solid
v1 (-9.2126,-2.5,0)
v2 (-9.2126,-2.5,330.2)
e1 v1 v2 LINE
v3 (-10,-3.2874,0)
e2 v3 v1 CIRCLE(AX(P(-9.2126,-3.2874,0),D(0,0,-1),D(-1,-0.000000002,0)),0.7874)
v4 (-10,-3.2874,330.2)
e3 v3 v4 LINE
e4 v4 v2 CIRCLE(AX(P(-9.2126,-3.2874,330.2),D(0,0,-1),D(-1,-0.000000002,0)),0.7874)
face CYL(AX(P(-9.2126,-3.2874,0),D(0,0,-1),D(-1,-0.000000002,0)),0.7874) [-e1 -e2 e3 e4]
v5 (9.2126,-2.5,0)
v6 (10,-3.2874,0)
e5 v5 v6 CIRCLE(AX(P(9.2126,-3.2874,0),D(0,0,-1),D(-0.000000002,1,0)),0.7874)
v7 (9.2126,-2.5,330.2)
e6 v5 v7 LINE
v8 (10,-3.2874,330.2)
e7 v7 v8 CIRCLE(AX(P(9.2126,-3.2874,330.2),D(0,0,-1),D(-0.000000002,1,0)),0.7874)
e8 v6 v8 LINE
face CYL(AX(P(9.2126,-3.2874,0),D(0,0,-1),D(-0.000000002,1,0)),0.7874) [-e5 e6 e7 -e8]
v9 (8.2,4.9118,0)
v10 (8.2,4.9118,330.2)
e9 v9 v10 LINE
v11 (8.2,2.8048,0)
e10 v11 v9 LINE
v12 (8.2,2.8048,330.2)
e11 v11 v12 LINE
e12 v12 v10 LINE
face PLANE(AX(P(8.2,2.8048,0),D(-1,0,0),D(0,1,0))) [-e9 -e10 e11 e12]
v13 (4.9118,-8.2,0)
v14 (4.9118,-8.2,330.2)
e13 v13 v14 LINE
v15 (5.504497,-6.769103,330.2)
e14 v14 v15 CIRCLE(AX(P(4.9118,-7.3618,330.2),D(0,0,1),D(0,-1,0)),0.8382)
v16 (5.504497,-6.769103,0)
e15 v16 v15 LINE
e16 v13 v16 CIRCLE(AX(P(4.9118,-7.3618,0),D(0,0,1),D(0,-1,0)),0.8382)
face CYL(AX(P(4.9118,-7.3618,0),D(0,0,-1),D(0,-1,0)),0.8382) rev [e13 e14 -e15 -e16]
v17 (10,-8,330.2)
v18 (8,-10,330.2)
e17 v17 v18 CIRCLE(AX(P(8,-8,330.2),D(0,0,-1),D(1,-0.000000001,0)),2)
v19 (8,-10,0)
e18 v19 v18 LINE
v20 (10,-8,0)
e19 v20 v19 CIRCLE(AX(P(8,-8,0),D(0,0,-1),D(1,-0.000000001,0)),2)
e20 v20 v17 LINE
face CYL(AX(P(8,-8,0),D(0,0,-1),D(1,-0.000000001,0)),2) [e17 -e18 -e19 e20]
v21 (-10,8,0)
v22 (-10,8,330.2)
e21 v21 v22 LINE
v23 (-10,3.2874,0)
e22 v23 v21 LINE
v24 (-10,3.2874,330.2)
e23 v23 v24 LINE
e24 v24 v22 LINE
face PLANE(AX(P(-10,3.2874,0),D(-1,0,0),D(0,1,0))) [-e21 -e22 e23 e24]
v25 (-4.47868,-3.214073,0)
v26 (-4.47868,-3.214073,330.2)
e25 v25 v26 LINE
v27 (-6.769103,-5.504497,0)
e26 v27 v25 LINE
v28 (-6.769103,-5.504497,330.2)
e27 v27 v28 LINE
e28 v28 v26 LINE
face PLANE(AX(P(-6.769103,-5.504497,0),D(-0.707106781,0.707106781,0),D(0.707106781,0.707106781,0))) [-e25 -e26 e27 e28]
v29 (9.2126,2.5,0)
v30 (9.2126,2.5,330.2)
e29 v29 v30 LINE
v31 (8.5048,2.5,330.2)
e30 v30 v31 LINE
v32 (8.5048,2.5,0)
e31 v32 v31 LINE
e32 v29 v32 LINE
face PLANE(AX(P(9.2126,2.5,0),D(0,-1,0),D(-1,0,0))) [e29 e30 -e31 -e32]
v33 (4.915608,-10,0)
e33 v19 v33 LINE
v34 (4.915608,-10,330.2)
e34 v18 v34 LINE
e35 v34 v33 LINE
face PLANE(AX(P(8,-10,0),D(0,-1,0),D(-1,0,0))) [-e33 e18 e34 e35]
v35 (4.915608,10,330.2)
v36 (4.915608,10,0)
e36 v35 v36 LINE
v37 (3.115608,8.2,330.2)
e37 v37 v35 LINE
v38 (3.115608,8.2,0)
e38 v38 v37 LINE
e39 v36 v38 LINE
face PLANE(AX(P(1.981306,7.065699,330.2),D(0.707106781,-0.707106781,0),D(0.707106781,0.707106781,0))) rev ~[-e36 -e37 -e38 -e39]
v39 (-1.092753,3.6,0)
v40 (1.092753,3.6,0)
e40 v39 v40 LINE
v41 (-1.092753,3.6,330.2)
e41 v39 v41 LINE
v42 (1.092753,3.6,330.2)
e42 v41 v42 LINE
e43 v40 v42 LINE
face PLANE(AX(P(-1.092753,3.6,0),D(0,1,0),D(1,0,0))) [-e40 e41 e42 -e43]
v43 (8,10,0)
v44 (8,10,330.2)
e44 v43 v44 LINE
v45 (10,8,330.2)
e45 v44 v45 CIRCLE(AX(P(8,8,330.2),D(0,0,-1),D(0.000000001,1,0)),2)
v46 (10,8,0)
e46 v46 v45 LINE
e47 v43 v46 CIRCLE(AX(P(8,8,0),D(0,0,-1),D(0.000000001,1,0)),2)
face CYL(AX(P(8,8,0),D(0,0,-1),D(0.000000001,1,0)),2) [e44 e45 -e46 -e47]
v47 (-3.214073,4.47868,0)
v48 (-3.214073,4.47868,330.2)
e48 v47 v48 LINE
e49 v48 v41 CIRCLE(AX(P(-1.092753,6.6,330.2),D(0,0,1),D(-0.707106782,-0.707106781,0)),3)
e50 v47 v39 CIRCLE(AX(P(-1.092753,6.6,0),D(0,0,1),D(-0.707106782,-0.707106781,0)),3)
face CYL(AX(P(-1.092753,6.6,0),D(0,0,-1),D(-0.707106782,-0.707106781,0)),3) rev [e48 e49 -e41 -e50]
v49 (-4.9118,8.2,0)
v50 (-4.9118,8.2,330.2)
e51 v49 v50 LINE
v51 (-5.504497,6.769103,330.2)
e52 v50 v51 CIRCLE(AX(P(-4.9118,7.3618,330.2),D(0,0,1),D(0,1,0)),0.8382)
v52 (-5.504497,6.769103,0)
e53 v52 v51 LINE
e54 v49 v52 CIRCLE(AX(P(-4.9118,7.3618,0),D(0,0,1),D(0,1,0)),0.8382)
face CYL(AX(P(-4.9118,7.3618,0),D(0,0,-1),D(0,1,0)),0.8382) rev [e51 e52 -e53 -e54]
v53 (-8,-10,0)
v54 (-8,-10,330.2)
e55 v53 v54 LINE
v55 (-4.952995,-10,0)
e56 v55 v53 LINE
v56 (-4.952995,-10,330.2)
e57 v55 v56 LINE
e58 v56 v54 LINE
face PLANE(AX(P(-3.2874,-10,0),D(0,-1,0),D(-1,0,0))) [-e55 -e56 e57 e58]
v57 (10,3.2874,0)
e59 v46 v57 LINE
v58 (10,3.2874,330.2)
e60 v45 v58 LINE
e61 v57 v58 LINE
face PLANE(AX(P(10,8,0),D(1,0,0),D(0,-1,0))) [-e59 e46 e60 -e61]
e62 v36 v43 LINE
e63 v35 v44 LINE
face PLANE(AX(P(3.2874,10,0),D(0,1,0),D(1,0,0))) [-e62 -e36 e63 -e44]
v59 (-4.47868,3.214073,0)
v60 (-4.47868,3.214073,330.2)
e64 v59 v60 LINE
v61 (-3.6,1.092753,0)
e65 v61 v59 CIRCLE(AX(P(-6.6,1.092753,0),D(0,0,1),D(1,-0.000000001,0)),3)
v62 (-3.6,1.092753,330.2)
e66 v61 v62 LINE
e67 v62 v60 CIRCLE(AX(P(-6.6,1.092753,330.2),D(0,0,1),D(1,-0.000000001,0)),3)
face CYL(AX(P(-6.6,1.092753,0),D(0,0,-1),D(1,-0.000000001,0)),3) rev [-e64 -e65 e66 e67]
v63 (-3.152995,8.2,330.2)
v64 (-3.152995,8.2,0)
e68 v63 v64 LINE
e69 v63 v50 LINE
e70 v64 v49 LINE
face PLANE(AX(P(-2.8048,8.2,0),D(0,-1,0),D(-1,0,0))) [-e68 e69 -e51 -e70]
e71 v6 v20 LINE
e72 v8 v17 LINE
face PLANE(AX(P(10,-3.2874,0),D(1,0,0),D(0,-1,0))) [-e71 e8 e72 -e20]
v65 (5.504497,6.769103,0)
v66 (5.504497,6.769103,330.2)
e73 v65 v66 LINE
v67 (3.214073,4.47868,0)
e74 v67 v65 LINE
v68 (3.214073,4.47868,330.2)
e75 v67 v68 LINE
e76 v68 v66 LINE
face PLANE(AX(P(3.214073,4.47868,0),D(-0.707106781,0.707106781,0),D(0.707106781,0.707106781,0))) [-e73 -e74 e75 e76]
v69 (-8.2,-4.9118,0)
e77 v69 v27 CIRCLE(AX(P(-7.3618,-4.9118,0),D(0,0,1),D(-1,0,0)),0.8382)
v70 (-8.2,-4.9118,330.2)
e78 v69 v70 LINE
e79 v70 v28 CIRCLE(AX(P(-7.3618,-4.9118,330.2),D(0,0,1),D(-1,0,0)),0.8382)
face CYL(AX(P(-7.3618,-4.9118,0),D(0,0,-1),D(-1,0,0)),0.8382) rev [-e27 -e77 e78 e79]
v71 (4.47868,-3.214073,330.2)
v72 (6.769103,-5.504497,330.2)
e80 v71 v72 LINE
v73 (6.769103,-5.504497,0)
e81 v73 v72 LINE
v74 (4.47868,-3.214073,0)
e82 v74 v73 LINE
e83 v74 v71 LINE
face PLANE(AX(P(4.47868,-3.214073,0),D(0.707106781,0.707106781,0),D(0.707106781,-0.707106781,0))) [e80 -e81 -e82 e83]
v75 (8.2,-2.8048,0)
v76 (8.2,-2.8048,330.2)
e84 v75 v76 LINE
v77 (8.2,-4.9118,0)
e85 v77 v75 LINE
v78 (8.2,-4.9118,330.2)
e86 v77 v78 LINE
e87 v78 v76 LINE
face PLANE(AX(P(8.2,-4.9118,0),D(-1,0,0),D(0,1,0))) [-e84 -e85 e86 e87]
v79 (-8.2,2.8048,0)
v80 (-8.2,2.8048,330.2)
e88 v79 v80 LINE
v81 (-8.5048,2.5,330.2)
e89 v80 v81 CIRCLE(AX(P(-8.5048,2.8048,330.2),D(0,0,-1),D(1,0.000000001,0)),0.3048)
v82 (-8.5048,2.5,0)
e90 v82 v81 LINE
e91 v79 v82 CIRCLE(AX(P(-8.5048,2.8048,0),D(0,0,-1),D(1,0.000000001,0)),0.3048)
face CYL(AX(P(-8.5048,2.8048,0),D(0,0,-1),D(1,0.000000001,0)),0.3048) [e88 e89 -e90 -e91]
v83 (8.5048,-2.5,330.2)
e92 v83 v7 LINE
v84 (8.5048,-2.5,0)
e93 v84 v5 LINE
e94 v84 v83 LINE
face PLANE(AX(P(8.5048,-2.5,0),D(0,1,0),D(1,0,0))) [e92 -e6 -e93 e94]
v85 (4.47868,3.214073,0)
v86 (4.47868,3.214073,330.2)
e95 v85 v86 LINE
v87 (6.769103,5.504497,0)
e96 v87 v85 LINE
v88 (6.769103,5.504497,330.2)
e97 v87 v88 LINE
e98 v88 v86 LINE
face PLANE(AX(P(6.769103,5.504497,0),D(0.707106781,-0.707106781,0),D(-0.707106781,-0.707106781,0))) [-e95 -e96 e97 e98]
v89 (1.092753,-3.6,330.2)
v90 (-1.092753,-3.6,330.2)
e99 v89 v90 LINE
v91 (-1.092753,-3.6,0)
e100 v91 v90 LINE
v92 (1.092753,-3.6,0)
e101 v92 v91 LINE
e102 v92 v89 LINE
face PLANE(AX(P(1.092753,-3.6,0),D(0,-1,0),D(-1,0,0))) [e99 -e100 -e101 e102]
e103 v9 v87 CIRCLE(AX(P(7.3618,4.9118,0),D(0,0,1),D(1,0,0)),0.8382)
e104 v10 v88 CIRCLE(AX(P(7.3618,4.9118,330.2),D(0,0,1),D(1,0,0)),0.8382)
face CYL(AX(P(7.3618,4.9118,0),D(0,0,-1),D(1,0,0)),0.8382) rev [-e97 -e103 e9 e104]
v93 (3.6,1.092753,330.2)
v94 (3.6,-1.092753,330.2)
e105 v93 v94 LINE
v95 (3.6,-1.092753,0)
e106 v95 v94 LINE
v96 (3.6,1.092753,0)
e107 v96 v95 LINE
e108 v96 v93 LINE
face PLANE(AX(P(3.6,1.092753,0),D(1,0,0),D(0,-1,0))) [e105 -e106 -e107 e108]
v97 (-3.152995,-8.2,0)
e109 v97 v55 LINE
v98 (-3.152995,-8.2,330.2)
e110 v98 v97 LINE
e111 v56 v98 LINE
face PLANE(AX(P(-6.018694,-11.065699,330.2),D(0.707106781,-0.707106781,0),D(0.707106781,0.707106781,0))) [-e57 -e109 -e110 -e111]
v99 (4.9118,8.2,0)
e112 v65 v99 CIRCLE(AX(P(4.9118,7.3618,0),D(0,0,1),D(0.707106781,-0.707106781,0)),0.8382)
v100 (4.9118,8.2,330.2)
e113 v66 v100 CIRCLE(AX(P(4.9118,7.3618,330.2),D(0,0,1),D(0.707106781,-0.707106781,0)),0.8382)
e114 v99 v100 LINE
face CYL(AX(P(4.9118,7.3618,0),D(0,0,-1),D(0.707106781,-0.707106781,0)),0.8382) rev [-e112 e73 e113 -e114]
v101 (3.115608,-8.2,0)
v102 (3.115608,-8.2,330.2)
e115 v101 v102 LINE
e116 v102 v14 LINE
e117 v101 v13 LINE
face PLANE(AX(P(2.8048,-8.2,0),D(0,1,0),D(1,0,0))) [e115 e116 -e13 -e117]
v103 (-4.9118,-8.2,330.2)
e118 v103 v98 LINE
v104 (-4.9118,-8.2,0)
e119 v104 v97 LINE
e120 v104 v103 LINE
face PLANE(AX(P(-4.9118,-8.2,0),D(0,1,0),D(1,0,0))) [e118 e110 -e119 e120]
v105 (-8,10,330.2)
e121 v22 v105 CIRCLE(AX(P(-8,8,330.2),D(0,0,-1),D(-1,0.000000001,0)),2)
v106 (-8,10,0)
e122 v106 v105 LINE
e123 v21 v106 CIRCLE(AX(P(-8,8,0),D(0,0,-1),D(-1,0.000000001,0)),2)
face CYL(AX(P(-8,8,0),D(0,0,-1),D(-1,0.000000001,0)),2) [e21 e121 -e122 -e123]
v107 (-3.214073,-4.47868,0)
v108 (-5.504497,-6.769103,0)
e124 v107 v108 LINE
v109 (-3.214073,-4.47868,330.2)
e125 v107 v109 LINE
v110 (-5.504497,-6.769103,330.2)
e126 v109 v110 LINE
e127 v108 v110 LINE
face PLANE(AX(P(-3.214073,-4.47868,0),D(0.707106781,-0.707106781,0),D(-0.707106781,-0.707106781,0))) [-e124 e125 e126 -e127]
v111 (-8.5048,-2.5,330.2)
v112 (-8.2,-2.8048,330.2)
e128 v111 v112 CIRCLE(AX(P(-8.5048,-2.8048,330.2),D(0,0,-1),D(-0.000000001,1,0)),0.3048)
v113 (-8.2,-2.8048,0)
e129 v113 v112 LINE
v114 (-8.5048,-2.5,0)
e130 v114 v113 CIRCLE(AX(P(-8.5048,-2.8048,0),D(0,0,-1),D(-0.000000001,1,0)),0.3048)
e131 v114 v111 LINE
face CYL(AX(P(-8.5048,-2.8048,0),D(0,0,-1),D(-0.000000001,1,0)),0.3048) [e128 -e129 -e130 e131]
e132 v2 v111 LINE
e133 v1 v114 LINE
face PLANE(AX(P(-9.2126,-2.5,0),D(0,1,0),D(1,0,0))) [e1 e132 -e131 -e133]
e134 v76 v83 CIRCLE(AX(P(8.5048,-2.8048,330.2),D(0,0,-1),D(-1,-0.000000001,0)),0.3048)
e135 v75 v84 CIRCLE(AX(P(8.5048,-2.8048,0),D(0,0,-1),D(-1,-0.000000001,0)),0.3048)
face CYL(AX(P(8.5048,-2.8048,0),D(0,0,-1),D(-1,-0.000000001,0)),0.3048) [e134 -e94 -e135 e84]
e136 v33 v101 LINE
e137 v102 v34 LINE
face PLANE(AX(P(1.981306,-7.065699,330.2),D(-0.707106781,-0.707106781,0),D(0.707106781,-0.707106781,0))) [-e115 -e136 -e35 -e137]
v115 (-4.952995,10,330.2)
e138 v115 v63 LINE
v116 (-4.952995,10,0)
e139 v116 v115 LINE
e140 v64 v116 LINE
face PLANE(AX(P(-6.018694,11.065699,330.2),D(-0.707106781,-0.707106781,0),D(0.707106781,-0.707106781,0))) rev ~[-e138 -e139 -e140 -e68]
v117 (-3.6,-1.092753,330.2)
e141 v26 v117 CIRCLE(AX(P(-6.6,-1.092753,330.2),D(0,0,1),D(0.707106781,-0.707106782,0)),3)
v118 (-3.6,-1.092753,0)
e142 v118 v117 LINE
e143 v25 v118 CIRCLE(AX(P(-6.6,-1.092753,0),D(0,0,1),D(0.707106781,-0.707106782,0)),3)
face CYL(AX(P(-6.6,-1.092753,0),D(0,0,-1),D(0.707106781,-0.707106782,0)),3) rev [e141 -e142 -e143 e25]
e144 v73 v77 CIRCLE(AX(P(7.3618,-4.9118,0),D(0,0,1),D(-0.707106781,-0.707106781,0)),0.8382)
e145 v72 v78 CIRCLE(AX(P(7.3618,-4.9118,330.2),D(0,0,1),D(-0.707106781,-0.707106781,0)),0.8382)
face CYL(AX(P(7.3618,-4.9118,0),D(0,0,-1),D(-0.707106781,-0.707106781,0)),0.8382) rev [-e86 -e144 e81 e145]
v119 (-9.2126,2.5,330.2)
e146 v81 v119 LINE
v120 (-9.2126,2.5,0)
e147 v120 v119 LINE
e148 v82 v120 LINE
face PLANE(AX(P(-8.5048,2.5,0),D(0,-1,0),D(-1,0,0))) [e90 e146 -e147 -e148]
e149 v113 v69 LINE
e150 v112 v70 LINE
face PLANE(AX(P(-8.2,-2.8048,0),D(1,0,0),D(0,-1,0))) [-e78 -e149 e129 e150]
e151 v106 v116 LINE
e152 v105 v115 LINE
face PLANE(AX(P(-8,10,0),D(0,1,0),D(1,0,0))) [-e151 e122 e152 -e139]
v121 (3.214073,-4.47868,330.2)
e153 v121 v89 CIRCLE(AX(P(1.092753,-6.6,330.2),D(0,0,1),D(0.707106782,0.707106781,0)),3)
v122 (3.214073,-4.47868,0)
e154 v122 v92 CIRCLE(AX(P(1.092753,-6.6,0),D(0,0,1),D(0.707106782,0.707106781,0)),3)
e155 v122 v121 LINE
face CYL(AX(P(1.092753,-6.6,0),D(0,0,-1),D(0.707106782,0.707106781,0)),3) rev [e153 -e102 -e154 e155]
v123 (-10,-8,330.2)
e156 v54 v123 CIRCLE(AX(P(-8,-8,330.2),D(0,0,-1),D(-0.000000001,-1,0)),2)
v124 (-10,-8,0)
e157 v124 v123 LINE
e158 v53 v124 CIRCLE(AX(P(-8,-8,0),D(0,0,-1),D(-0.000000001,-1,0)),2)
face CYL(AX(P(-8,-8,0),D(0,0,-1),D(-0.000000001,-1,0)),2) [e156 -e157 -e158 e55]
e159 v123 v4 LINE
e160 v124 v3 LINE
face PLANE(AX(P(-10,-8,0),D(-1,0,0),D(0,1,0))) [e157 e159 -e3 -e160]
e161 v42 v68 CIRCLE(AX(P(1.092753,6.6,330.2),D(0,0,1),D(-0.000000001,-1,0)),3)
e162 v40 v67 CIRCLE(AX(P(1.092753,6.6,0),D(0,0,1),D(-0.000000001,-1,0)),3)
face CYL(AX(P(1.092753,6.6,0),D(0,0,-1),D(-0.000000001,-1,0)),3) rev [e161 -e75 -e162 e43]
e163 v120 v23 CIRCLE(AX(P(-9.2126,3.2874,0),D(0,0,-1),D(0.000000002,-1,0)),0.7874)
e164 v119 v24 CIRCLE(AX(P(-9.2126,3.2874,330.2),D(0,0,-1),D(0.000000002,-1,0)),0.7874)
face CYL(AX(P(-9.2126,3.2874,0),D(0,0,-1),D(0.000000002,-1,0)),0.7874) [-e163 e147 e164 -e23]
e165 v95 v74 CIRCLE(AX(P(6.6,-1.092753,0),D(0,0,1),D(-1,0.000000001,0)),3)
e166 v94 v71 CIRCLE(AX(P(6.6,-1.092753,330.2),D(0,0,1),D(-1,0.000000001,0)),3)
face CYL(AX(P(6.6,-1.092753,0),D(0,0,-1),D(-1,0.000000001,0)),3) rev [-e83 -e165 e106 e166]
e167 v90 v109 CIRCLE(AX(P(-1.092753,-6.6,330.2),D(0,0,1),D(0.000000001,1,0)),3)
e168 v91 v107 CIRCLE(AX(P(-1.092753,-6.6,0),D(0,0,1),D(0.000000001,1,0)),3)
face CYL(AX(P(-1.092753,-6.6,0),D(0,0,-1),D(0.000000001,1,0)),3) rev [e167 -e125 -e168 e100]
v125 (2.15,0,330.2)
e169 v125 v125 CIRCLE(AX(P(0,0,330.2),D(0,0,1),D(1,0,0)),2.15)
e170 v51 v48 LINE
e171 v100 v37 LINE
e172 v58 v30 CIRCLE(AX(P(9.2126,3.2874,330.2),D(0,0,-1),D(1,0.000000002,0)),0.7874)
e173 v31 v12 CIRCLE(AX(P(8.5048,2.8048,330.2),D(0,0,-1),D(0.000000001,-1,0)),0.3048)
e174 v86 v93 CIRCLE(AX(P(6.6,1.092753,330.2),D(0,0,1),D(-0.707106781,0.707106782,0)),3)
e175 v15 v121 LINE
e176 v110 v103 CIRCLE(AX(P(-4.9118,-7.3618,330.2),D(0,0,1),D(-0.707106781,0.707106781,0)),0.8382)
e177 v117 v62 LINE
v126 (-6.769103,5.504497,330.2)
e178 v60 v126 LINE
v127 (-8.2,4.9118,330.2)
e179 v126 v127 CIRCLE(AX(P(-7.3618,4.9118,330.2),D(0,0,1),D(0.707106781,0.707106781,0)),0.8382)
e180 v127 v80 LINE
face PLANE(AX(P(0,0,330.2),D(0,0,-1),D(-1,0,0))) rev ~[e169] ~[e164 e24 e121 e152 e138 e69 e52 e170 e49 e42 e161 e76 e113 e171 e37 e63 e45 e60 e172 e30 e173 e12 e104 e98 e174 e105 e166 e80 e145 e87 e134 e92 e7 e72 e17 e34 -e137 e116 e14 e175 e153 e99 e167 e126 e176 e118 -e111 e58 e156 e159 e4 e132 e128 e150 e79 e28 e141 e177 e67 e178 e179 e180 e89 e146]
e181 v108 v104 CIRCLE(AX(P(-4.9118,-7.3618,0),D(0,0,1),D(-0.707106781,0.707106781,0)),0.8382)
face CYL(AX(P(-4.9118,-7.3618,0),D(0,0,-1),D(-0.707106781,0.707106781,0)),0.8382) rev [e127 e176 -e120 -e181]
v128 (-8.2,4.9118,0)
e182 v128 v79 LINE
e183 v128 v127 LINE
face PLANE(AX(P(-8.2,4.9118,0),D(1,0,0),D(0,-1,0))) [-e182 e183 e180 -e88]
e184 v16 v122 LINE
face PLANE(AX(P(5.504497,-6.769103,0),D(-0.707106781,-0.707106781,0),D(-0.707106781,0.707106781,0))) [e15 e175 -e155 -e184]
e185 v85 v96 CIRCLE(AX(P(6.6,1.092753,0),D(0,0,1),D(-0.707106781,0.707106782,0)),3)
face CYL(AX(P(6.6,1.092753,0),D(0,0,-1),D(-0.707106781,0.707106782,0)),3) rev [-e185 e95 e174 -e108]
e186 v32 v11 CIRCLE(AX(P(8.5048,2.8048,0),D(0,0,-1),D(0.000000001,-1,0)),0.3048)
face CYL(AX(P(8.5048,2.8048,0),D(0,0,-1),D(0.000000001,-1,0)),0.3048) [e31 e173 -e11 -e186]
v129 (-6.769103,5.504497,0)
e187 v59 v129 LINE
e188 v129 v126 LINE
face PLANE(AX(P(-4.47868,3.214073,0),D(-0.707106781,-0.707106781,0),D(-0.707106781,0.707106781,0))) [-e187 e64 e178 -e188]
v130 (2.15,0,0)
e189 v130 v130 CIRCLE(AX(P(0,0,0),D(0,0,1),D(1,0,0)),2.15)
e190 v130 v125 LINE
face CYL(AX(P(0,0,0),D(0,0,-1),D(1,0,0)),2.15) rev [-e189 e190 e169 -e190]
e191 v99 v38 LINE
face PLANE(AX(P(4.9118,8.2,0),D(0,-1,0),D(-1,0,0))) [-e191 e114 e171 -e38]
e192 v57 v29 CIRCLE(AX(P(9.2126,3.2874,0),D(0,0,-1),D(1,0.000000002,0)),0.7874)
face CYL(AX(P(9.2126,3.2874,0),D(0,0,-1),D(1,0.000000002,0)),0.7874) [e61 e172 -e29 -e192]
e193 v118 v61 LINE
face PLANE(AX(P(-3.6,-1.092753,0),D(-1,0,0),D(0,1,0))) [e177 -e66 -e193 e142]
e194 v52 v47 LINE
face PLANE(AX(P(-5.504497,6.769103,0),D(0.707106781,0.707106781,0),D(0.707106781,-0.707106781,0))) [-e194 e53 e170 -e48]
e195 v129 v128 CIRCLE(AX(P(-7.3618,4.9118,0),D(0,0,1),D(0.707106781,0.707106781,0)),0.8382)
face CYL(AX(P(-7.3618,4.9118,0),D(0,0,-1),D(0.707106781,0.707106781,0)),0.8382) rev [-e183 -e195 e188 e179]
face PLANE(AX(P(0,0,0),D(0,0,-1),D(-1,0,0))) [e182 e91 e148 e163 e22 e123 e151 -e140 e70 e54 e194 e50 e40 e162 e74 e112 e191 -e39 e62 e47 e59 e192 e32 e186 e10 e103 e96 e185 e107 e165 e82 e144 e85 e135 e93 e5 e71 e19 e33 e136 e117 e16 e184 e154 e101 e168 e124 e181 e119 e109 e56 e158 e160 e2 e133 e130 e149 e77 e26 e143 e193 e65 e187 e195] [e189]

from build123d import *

# Parameters (mm, degrees)
SKETCH3_R           = 2.15
BOSS_EXTRUDE1_DEPTH = 330.2
CUT_EXTRUDE1_DEPTH  = 331.2


with BuildPart() as part:
    # Sketch3 → Boss-Extrude1 (new body)
    with BuildSketch(Plane.XY):
        with BuildLine():
            Line((3.2874, 10), (8, 10))
            ThreePointArc((8, 10), (9.414213562, 9.414213562), (10, 8))
            Line((10, 8), (10, 3.2874))
            ThreePointArc((10, 3.2874), (9.76937588, 2.73062412), (9.2126, 2.5))
            Line((9.2126, 2.5), (8.5048, 2.5))
            ThreePointArc((8.5048, 2.5), (8.289273853, 2.589273853), (8.2, 2.8048))
            Line((8.2, 2.8048), (8.2, 4.9118))
            ThreePointArc((8.2, 4.9118), (7.682565253, 5.686195824), (6.769103096, 5.504496904))
            Line((6.769103096, 5.504496904), (4.478679656, 3.214073464))
            ThreePointArc((4.478679656, 3.214073464), (3.828361402, 2.240803418), (3.6, 1.092753121))
            Line((3.6, 1.092753121), (3.6, -1.092753121))
            ThreePointArc((3.6, -1.092753121), (3.828361402, -2.240803418), (4.478679656, -3.214073464))
            Line((4.478679656, -3.214073464), (6.769103096, -5.504496904))
            ThreePointArc((6.769103096, -5.504496904), (7.682565253, -5.686195824), (8.2, -4.9118))
            Line((8.2, -4.9118), (8.2, -2.8048))
            ThreePointArc((8.2, -2.8048), (8.289273853, -2.589273853), (8.5048, -2.5))
            Line((8.5048, -2.5), (9.2126, -2.5))
            ThreePointArc((9.2126, -2.5), (9.76937588, -2.73062412), (10, -3.2874))
            Line((10, -3.2874), (10, -8))
            ThreePointArc((10, -8), (9.414213562, -9.414213562), (8, -10))
            Line((8, -10), (3.2874, -10))
            ThreePointArc((3.2874, -10), (2.73062412, -9.76937588), (2.5, -9.2126))
            Line((2.5, -9.2126), (2.5, -8.5048))
            ThreePointArc((2.5, -8.5048), (2.589273853, -8.289273853), (2.8048, -8.2))
            Line((2.8048, -8.2), (4.9118, -8.2))
            ThreePointArc((4.9118, -8.2), (5.686195824, -7.682565253), (5.504496904, -6.769103096))
            Line((5.504496904, -6.769103096), (3.214073464, -4.478679656))
            ThreePointArc((3.214073464, -4.478679656), (2.240803418, -3.828361402), (1.092753121, -3.6))
            Line((1.092753121, -3.6), (-1.092753121, -3.6))
            ThreePointArc((-1.092753121, -3.6), (-2.240803418, -3.828361402), (-3.214073464, -4.478679656))
            Line((-3.214073464, -4.478679656), (-5.504496904, -6.769103096))
            ThreePointArc((-5.504496904, -6.769103096), (-5.686195824, -7.682565253), (-4.9118, -8.2))
            Line((-4.9118, -8.2), (-2.8048, -8.2))
            ThreePointArc((-2.8048, -8.2), (-2.589273853, -8.289273853), (-2.5, -8.5048))
            Line((-2.5, -8.5048), (-2.5, -9.2126))
            ThreePointArc((-2.5, -9.2126), (-2.73062412, -9.76937588), (-3.2874, -10))
            Line((-3.2874, -10), (-8, -10))
            ThreePointArc((-8, -10), (-9.414213562, -9.414213562), (-10, -8))
            Line((-10, -8), (-10, -3.2874))
            ThreePointArc((-10, -3.2874), (-9.76937588, -2.73062412), (-9.2126, -2.5))
            Line((-9.2126, -2.5), (-8.5048, -2.5))
            ThreePointArc((-8.5048, -2.5), (-8.289273853, -2.589273853), (-8.2, -2.8048))
            Line((-8.2, -2.8048), (-8.2, -4.9118))
            ThreePointArc((-8.2, -4.9118), (-7.682565253, -5.686195824), (-6.769103096, -5.504496904))
            Line((-6.769103096, -5.504496904), (-4.478679656, -3.214073464))
            ThreePointArc((-4.478679656, -3.214073464), (-3.828361402, -2.240803418), (-3.6, -1.092753121))
            Line((-3.6, -1.092753121), (-3.6, 1.092753121))
            ThreePointArc((-3.6, 1.092753121), (-3.828361402, 2.240803418), (-4.478679656, 3.214073464))
            Line((-4.478679656, 3.214073464), (-6.769103096, 5.504496904))
            ThreePointArc((-6.769103096, 5.504496904), (-7.682565253, 5.686195824), (-8.2, 4.9118))
            Line((-8.2, 4.9118), (-8.2, 2.8048))
            ThreePointArc((-8.2, 2.8048), (-8.289273853, 2.589273853), (-8.5048, 2.5))
            Line((-8.5048, 2.5), (-9.2126, 2.5))
            ThreePointArc((-9.2126, 2.5), (-9.76937588, 2.73062412), (-10, 3.2874))
            Line((-10, 3.2874), (-10, 8))
            ThreePointArc((-10, 8), (-9.414213562, 9.414213562), (-8, 10))
            Line((-8, 10), (-3.2874, 10))
            ThreePointArc((-3.2874, 10), (-2.73062412, 9.76937588), (-2.5, 9.2126))
            Line((-2.5, 9.2126), (-2.5, 8.5048))
            ThreePointArc((-2.5, 8.5048), (-2.589273853, 8.289273853), (-2.8048, 8.2))
            Line((-2.8048, 8.2), (-4.9118, 8.2))
            ThreePointArc((-4.9118, 8.2), (-5.686195824, 7.682565253), (-5.504496904, 6.769103096))
            Line((-5.504496904, 6.769103096), (-3.214073464, 4.478679656))
            ThreePointArc((-3.214073464, 4.478679656), (-2.240803418, 3.828361402), (-1.092753121, 3.6))
            Line((-1.092753121, 3.6), (1.092753121, 3.6))
            ThreePointArc((1.092753121, 3.6), (2.240803418, 3.828361402), (3.214073464, 4.478679656))
            Line((3.214073464, 4.478679656), (5.504496904, 6.769103096))
            ThreePointArc((5.504496904, 6.769103096), (5.686195824, 7.682565253), (4.9118, 8.2))
            Line((4.9118, 8.2), (2.8048, 8.2))
            ThreePointArc((2.8048, 8.2), (2.589273853, 8.289273853), (2.5, 8.5048))
            Line((2.5, 8.5048), (2.5, 9.2126))
            ThreePointArc((2.5, 9.2126), (2.73062412, 9.76937588), (3.2874, 10))
        make_face()
        Circle(SKETCH3_R, mode=Mode.SUBTRACT)
    extrude(amount=BOSS_EXTRUDE1_DEPTH)

    # Sketch4 → Cut-Extrude1 (cut, through all)
    with BuildSketch(Plane.XY.offset(330.2)):
        Polygon((-6.018693607, 11.065698556), (-2.018693607, 7.065698556), (1.981306393, 7.065698556), (5.981306393, 11.065698556), align=None)
        Polygon((1.981306393, -7.065698556), (5.981306393, -11.065698556), (-6.018693607, -11.065698556), (-2.018693607, -7.065698556), align=None)
    extrude(amount=-CUT_EXTRUDE1_DEPTH, mode=Mode.SUBTRACT)


solid = part.part
